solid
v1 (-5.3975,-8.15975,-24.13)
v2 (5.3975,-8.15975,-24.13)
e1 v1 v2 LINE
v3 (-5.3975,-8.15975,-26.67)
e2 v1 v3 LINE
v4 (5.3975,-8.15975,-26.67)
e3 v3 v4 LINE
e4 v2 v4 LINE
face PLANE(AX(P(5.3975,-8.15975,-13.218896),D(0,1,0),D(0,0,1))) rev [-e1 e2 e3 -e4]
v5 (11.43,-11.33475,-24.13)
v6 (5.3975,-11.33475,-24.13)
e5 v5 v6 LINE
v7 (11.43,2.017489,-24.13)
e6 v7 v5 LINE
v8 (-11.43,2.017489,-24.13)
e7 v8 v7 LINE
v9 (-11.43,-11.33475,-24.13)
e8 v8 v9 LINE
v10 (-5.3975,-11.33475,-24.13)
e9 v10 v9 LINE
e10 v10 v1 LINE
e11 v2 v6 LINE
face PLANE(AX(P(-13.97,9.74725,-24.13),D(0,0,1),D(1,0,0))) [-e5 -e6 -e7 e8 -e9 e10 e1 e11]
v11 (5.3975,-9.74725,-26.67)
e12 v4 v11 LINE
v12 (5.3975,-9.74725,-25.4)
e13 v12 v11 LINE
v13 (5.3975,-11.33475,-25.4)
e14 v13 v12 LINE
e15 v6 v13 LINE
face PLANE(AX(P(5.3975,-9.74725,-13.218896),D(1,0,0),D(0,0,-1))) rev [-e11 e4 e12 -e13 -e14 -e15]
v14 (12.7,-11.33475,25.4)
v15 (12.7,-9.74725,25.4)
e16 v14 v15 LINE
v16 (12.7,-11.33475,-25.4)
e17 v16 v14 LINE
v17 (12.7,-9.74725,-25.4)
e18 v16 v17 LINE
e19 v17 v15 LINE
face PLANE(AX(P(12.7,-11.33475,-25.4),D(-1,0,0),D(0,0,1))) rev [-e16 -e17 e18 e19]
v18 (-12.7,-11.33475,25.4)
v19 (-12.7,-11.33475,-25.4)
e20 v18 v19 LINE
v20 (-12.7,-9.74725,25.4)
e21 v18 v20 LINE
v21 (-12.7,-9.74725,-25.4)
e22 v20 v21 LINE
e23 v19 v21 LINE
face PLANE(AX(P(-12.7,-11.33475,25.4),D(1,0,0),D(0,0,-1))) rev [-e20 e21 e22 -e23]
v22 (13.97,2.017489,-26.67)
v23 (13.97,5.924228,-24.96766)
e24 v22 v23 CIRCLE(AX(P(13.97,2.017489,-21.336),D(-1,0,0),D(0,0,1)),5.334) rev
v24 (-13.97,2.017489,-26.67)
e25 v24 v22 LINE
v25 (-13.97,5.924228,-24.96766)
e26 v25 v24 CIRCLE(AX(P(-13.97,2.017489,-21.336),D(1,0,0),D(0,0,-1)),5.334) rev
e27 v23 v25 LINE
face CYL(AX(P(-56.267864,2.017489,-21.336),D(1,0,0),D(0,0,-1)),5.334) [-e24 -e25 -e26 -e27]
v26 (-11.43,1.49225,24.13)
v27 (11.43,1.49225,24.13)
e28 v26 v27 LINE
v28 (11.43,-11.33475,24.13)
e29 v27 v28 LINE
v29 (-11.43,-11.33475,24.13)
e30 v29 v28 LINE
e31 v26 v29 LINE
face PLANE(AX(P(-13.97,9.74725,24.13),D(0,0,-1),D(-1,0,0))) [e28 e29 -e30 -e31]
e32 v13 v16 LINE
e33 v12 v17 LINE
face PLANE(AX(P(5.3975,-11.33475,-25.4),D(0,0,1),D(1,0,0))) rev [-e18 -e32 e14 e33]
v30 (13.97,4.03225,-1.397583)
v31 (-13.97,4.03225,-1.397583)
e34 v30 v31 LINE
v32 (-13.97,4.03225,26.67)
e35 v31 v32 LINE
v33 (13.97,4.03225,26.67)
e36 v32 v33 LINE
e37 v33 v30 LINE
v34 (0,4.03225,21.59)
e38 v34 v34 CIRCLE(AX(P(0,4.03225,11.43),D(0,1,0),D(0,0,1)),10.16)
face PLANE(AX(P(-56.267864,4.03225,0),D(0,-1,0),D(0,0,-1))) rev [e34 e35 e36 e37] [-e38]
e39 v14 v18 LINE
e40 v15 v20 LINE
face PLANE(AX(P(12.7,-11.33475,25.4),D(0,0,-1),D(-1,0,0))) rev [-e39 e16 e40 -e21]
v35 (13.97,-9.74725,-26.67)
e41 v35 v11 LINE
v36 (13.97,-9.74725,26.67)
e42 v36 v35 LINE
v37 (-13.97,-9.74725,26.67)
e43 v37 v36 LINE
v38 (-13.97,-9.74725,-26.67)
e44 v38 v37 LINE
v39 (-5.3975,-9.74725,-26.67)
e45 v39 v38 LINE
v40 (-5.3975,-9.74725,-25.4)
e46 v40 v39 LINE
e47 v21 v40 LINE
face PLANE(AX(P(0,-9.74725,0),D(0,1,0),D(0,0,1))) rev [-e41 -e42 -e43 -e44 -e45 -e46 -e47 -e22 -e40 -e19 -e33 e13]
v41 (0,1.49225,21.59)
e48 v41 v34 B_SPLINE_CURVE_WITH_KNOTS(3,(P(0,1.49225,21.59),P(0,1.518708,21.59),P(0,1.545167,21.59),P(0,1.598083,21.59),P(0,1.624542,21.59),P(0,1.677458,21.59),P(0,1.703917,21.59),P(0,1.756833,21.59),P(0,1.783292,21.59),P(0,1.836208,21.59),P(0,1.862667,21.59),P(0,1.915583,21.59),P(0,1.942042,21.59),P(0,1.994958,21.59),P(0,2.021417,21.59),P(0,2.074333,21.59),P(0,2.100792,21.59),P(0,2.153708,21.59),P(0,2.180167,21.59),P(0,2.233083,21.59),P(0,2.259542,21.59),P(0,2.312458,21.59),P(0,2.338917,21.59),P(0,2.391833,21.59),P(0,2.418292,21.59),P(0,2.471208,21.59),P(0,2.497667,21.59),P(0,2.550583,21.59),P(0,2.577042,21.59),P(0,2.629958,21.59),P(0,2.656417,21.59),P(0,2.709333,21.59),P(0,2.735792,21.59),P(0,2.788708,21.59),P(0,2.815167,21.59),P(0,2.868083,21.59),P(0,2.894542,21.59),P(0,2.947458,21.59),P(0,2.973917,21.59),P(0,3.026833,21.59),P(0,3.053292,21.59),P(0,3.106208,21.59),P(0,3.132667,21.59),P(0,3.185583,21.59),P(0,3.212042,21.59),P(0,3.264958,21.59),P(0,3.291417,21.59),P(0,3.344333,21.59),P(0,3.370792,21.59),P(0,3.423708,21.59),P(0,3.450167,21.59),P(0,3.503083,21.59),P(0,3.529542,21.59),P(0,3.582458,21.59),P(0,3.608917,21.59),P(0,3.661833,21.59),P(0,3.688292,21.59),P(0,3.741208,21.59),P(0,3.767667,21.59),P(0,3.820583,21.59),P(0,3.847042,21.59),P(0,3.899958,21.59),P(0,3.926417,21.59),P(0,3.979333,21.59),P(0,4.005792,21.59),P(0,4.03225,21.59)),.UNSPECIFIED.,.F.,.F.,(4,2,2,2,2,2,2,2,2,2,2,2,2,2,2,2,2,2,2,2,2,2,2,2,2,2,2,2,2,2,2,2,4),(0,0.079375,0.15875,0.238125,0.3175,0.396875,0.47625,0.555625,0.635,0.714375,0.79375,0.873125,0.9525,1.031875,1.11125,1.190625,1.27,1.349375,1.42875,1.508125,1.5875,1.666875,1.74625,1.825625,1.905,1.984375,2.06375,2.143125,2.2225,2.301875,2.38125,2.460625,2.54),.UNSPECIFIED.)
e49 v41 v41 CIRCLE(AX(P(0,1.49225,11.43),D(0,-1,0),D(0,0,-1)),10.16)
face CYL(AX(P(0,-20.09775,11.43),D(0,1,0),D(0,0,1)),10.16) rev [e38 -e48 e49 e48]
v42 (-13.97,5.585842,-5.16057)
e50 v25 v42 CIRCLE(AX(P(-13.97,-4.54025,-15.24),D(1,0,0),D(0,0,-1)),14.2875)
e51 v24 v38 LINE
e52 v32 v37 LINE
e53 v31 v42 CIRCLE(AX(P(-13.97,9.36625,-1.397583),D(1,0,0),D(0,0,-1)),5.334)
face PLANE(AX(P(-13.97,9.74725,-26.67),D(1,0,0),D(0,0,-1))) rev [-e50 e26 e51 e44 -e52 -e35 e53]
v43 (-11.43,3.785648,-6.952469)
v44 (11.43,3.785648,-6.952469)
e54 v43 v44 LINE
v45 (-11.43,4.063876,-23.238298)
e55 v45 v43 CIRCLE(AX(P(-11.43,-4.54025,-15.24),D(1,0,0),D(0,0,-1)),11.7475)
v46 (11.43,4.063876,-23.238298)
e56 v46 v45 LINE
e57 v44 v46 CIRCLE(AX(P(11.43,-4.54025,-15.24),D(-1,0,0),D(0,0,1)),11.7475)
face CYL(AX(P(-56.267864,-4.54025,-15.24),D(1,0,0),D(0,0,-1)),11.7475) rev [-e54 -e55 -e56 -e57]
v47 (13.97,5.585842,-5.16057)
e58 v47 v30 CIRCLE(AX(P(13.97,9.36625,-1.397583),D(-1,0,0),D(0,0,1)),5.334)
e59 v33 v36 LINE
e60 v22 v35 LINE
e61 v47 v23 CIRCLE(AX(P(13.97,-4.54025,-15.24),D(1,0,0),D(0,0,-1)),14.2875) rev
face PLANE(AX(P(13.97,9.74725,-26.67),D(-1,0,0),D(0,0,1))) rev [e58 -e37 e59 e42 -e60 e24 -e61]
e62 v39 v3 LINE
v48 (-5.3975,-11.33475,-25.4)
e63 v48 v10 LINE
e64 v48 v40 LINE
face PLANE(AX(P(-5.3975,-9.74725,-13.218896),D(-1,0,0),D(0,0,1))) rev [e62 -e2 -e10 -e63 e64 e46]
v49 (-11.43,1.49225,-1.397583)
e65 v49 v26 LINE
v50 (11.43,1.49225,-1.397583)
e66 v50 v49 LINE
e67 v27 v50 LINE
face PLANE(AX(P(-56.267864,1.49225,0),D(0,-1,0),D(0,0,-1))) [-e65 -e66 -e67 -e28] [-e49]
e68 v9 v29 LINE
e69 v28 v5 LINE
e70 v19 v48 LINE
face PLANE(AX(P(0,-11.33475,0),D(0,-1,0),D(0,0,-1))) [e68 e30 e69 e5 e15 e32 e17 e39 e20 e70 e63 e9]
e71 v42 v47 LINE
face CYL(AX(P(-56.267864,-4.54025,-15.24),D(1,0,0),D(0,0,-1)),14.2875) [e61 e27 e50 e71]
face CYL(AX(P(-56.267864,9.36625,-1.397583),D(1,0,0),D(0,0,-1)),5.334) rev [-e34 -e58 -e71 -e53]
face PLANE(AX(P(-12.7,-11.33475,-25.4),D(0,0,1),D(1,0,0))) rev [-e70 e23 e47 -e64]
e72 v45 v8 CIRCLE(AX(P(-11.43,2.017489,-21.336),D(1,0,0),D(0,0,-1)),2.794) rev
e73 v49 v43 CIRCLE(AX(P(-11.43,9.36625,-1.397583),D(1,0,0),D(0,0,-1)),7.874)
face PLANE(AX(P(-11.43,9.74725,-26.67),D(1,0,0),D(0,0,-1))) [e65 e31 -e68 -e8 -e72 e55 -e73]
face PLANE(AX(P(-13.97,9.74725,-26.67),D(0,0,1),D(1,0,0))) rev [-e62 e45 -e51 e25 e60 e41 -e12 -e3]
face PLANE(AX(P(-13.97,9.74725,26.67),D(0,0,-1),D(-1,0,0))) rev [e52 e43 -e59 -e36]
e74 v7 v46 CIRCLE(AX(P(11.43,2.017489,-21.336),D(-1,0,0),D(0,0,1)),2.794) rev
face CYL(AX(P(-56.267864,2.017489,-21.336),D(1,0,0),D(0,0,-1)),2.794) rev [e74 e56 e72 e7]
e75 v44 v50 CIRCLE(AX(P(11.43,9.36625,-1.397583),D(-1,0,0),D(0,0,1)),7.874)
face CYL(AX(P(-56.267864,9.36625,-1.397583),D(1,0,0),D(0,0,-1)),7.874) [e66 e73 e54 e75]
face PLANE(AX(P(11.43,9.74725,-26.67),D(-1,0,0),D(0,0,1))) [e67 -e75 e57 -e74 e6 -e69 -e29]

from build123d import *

# Parameters (mm, degrees)
SKETCH1_W           = 27.94
SKETCH1_H           = 53.34
BOSS_EXTRUDE1_DEPTH = 9.74725
CUT_EXTRUDE1_DEPTH  = 27.94
FILLET1_R           = 5.334
FILLET2_R           = 5.334
SHELL1_T            = -2.54
SKETCH3_R           = 10.16
CUT_EXTRUDE2_DEPTH  = 24.13
SKETCH5_W           = 10.795
SKETCH5_H           = 1.5875
CUT_EXTRUDE3_DEPTH  = 2.54
BOSS_EXTRUDE2_DEPTH = 1.5875


with BuildPart() as part:
    # Sketch1 → Boss-Extrude1 (new, symmetric)
    with BuildSketch(Plane(origin=(0, 0, 0), x_dir=(1, 0, 0), z_dir=(0, 1, 0))):
        Rectangle(SKETCH1_W, SKETCH1_H)
    extrude(amount=BOSS_EXTRUDE1_DEPTH, both=True)

    # Sketch2 → Cut-Extrude1 (cut)
    with BuildSketch(Plane(origin=(13.97, 0, 0), x_dir=(0, 0, -1), z_dir=(1, 0, 0))):
        with BuildLine():
            Line((-26.67, 9.74725), (-26.67, 4.03225))
            Line((-26.67, 4.03225), (3.81, 4.03225))
            ThreePointArc((3.81, 4.03225), (8.850435754, 8.238878491), (15.24, 9.74725))
            Line((15.24, 9.74725), (-26.67, 9.74725))
        make_face()
        with BuildLine():
            Line((26.67, 9.74725), (15.24, 9.74725))
            ThreePointArc((15.24, 9.74725), (21.629564246, 8.238878491), (26.67, 4.03225))
            Line((26.67, 4.03225), (26.67, 9.74725))
        make_face()
    extrude(amount=-CUT_EXTRUDE1_DEPTH, mode=Mode.SUBTRACT)

    # Fillet1
    fillet1_edges = [part.edges().sort_by_distance(p)[0] for p in [
        (0, 4.03225, -3.81),
    ]]
    fillet(fillet1_edges, radius=FILLET1_R)

    # Fillet2
    fillet2_edges = [part.edges().sort_by_distance(p)[0] for p in [
        (0, 4.03225, -26.67),
    ]]
    fillet(fillet2_edges, radius=FILLET2_R)

    # Shell1
    shell1_openings = [part.faces().sort_by_distance(p)[0] for p in [
        (0, -9.74725, 0),
    ]]
    offset(amount=SHELL1_T, openings=shell1_openings, kind=Kind.INTERSECTION)

    # Sketch3 → Cut-Extrude2 (cut)
    with BuildSketch(Plane(origin=(0, 4.03225, 0), x_dir=(1, 0, 0), z_dir=(0, 1, 0))):
        with Locations(Location((0, -11.43, 0), (0, 0, 270))):
            Circle(SKETCH3_R)
    extrude(amount=-CUT_EXTRUDE2_DEPTH, mode=Mode.SUBTRACT)

    # Sketch5 → Cut-Extrude3 (cut)
    with BuildSketch(Plane(origin=(0, 0, -26.67), x_dir=(-1, 0, 0), z_dir=(0, 0, -1))):
        with Locations((0, -8.9535)):
            Rectangle(SKETCH5_W, SKETCH5_H)
    extrude(amount=-CUT_EXTRUDE3_DEPTH, mode=Mode.SUBTRACT)

    # Sketch4 → Boss-Extrude2 (add)
    with BuildSketch(Plane.XZ.offset(9.74725)):
        Polygon((-5.3975, -24.13), (-11.43, -24.13), (-11.43, 24.13), (11.43, 24.13), (11.43, -24.13), (5.3975, -24.13), (5.3975, -25.4), (12.7, -25.4), (12.7, 25.4), (-12.7, 25.4), (-12.7, -25.4), (-5.3975, -25.4), align=None)
    extrude(amount=BOSS_EXTRUDE2_DEPTH)


solid = part.part
